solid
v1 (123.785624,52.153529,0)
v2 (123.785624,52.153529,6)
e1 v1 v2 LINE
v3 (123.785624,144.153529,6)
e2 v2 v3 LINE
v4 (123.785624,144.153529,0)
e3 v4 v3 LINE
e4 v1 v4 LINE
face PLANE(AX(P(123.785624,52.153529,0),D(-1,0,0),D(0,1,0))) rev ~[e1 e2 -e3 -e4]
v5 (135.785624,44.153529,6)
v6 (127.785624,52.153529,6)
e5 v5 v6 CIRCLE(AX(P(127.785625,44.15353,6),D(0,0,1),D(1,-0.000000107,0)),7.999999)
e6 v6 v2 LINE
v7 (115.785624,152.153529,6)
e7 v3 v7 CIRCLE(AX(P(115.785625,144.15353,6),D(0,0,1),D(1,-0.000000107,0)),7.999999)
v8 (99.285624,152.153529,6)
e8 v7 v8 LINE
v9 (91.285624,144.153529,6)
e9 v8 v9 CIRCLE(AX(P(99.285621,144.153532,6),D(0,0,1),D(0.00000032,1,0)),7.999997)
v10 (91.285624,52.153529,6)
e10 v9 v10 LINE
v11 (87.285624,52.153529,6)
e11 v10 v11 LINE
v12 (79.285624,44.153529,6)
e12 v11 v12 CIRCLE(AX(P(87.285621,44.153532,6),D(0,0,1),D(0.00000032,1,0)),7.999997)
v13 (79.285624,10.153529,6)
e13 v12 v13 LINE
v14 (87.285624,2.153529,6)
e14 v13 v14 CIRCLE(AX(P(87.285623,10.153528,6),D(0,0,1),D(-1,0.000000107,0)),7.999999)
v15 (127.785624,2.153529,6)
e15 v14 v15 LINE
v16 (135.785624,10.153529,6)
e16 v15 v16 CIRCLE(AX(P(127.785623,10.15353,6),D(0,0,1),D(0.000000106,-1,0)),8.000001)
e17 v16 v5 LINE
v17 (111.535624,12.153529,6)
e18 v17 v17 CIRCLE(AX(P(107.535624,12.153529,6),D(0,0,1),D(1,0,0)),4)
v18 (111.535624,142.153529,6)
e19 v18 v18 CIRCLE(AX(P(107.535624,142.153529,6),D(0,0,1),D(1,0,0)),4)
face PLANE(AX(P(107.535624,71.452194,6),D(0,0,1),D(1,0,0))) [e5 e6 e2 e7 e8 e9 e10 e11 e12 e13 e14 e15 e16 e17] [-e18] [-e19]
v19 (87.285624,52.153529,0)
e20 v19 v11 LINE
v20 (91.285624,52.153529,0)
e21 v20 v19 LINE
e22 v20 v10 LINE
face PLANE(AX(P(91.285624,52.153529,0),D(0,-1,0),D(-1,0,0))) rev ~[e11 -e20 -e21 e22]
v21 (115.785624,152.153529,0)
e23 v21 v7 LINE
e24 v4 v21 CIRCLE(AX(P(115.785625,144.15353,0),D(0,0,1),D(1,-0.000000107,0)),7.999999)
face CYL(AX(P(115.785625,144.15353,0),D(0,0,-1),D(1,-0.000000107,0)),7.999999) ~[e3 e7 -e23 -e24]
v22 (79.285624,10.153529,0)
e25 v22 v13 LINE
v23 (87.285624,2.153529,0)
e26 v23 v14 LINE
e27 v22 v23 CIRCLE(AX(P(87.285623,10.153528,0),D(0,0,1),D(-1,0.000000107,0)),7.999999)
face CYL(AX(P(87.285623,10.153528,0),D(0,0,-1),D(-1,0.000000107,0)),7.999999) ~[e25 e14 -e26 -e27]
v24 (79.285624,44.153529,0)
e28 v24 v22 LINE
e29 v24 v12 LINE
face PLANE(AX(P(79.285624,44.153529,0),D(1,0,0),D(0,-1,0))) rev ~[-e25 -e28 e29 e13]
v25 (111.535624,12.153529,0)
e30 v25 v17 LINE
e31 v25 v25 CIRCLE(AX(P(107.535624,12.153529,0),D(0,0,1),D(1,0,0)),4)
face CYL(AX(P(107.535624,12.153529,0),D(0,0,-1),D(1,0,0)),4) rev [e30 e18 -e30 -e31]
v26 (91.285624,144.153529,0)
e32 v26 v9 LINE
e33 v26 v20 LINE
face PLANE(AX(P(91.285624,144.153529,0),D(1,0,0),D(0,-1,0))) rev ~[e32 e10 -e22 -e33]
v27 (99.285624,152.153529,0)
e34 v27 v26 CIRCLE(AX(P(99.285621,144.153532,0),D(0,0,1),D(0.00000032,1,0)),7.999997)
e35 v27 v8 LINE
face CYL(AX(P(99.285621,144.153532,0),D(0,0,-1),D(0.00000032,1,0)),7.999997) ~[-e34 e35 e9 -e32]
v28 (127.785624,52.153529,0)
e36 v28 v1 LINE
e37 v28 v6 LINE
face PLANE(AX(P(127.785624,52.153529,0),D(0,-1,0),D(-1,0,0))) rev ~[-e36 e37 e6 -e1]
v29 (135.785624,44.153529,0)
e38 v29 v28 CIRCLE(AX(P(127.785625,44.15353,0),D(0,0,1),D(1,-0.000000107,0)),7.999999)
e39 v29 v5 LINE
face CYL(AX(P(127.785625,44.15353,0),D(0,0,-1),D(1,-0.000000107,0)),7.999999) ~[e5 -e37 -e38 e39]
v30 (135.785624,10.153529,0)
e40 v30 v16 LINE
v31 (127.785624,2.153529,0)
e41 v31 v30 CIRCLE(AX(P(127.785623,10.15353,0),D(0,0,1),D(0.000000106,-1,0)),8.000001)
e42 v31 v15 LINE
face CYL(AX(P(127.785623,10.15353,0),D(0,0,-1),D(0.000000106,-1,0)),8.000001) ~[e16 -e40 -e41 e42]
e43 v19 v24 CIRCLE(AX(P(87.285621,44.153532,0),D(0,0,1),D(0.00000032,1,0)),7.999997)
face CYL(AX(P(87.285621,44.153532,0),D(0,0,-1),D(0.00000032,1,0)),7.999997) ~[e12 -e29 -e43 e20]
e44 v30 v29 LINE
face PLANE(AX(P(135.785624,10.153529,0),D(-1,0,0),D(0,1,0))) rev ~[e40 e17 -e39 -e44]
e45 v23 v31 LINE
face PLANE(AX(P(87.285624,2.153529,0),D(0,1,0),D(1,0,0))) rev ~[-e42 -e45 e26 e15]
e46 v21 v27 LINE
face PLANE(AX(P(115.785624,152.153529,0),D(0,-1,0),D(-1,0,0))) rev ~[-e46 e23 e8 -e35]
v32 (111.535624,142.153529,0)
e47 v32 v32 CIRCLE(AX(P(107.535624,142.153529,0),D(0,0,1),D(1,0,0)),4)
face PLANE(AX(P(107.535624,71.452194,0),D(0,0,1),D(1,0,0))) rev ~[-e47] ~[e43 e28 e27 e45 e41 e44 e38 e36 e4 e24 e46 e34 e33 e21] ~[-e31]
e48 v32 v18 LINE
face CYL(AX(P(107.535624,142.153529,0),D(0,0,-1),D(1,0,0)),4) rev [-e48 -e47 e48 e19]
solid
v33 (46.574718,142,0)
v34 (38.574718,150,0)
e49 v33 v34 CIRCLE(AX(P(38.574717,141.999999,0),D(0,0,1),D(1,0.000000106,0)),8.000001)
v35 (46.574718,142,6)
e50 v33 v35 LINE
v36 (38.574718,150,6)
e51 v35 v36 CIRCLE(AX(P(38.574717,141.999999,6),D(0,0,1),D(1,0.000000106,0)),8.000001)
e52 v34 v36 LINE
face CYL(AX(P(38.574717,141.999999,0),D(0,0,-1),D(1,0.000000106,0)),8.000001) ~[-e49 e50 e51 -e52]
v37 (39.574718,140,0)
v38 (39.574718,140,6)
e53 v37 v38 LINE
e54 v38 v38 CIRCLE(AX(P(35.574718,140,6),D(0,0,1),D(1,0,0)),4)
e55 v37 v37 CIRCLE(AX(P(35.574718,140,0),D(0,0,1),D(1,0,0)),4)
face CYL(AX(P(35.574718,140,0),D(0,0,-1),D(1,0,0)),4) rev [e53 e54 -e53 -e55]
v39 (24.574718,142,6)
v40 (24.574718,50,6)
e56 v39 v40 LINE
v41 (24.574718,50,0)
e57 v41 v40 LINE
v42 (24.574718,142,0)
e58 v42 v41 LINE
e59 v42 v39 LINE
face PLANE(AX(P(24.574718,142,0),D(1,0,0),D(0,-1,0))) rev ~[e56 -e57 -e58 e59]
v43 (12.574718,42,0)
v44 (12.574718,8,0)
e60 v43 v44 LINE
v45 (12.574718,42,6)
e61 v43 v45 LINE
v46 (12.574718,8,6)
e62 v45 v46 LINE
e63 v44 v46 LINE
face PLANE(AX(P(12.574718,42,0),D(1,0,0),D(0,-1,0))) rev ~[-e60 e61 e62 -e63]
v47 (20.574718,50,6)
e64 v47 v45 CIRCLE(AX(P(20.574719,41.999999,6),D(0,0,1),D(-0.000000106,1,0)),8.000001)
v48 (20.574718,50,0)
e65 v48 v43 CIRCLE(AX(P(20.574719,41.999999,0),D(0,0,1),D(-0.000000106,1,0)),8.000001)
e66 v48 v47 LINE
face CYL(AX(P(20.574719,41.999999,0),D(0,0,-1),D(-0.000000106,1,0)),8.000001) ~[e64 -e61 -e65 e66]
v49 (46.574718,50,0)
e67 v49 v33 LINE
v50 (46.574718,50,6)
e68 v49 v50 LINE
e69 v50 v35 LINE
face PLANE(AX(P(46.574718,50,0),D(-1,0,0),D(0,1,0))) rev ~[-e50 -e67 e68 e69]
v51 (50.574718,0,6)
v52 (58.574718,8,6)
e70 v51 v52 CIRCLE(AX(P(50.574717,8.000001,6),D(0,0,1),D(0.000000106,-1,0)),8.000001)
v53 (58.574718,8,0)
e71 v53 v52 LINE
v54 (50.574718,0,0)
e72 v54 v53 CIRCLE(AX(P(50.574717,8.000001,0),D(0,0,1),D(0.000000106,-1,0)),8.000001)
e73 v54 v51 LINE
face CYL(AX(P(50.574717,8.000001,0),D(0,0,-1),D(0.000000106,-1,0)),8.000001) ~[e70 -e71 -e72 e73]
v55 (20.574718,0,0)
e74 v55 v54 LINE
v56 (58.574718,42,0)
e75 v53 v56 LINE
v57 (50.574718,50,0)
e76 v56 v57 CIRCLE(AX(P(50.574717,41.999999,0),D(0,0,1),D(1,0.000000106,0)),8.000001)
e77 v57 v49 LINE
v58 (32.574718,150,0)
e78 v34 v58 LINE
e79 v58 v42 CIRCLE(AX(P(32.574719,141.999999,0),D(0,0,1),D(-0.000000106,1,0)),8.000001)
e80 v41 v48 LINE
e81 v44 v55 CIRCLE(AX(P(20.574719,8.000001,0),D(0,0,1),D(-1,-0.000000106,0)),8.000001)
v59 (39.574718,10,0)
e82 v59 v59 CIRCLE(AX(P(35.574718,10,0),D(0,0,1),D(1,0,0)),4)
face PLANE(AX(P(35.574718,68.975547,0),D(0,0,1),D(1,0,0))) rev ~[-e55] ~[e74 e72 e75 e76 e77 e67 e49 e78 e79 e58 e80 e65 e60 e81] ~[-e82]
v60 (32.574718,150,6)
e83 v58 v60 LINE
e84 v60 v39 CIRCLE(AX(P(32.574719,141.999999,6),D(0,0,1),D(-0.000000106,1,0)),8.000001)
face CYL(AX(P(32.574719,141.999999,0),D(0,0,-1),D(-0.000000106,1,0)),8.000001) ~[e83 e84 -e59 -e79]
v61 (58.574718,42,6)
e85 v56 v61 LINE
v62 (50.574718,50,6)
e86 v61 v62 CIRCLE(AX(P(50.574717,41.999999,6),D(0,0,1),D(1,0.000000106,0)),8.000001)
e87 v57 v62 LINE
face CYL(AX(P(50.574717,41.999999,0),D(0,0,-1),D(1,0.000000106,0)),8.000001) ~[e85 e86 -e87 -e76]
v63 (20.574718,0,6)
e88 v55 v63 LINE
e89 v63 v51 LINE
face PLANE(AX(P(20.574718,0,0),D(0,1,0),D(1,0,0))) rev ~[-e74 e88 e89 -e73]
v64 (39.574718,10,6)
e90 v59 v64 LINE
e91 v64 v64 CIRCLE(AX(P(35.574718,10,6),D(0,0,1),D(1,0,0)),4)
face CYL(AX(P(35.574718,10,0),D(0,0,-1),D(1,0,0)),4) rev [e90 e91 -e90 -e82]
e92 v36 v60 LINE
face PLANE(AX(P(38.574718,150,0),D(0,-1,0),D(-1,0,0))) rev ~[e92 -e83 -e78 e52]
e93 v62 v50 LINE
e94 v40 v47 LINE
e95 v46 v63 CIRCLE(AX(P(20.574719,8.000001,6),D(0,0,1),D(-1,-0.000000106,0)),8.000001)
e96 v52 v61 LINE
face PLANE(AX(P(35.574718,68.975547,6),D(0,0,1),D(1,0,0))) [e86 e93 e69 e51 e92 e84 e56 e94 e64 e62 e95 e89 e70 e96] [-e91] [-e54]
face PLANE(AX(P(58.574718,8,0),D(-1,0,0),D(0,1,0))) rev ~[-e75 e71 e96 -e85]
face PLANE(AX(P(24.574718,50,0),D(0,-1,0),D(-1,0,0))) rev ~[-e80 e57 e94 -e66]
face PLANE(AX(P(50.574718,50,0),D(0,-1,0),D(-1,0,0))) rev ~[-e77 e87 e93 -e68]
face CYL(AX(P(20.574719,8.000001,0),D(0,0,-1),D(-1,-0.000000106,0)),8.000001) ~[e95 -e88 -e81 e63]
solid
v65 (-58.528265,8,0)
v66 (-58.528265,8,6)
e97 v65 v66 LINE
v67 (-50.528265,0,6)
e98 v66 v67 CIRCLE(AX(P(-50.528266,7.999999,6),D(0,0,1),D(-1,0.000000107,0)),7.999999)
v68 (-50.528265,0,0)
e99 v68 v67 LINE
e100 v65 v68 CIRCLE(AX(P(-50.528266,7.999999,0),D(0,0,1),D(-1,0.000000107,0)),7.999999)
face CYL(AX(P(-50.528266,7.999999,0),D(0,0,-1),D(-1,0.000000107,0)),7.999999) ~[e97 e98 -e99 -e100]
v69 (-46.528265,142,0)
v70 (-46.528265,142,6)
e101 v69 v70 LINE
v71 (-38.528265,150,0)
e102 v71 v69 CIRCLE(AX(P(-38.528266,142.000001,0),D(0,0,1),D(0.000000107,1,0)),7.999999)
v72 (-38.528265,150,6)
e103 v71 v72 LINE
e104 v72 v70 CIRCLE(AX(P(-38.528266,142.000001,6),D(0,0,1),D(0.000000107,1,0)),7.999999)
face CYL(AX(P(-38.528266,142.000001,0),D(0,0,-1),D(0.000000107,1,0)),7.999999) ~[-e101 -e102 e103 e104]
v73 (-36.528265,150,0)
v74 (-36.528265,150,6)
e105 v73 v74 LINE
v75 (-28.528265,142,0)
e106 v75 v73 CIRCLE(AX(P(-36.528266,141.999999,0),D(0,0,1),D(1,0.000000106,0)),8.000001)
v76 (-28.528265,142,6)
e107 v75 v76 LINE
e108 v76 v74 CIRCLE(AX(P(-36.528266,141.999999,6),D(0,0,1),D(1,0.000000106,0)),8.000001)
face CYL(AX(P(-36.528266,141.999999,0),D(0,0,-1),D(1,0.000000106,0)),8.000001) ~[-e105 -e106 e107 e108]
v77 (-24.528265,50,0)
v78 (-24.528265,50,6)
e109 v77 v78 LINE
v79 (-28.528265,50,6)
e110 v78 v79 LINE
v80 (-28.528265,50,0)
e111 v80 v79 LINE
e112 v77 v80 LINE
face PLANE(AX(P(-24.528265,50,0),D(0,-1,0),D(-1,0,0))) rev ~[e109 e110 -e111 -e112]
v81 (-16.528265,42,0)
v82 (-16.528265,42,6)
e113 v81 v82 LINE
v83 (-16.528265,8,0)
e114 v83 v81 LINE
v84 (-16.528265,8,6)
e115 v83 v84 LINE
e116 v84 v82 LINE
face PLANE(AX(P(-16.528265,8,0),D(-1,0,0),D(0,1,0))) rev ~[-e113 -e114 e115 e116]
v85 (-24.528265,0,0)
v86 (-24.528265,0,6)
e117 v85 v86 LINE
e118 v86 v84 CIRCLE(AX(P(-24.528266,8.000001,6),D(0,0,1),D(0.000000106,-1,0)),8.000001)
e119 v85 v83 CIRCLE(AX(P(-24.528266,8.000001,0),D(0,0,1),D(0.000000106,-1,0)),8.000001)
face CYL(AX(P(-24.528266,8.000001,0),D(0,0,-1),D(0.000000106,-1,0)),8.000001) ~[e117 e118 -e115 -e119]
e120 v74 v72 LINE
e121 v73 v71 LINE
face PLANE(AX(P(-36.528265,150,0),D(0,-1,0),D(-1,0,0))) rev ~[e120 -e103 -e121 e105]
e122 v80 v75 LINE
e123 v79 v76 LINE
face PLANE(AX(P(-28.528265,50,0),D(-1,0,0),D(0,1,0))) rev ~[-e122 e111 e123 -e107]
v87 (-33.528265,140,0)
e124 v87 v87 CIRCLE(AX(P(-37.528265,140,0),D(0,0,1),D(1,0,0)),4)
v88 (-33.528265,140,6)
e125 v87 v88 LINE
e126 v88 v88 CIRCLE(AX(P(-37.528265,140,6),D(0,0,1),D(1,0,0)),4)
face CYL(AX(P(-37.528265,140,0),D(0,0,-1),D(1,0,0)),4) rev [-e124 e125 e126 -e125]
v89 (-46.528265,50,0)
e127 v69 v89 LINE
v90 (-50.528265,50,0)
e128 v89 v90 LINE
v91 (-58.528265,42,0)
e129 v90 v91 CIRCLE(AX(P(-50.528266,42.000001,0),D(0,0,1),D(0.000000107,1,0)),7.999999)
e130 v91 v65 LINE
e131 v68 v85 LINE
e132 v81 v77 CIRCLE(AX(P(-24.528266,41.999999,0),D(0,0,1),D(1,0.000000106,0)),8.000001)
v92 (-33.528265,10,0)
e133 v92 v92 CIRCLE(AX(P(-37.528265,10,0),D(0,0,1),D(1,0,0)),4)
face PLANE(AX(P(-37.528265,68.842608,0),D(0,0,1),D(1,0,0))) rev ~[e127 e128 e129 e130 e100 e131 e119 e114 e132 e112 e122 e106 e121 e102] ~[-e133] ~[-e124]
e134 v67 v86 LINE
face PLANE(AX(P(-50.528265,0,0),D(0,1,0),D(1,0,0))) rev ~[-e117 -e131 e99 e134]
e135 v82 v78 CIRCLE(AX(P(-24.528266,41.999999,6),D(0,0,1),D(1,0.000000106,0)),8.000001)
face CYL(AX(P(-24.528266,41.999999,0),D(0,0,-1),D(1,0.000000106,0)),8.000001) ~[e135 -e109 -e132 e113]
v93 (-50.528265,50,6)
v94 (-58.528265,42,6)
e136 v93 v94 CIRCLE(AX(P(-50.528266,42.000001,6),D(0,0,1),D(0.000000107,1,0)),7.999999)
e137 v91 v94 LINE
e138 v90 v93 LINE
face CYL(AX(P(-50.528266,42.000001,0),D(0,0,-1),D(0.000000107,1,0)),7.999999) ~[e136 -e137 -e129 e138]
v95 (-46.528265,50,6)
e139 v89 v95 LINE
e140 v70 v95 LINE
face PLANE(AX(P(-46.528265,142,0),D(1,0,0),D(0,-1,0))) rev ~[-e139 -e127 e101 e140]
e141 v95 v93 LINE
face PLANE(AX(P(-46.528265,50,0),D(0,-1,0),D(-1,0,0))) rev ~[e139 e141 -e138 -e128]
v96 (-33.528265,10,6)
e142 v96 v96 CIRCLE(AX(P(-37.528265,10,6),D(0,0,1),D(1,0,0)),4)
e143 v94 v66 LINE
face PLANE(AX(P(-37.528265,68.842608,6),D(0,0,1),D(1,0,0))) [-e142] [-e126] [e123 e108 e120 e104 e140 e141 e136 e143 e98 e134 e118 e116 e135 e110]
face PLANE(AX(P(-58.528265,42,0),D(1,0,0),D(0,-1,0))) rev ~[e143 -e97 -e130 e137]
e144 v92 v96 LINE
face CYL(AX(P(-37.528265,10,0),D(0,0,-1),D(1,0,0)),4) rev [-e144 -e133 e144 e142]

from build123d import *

# Parameters (mm, degrees)
F0_R     = 4
F1_DEPTH = 6
F2_R     = 4
F3_DEPTH = 6
F4_R     = 4
F5_DEPTH = 6


with BuildPart() as f1:
    # F0 (on Top) → F1 (new body)
    with BuildSketch(Plane.XY):
        with BuildLine():
            Line((-36.528265, 150), (-38.528265, 150))
            ThreePointArc((-38.528265, 150), (-44.18512, 147.656854), (-46.528265, 142))
            Line((-46.528265, 142), (-46.528265, 50))
            Line((-46.528265, 50), (-50.528265, 50))
            ThreePointArc((-50.528265, 50), (-56.18512, 47.656854), (-58.528265, 42))
            Line((-58.528265, 42), (-58.528265, 8))
            ThreePointArc((-58.528265, 8), (-56.18512, 2.343146), (-50.528265, 0))
            Line((-50.528265, 0), (-24.528265, 0))
            ThreePointArc((-24.528265, 0), (-18.871411, 2.343146), (-16.528265, 8))
            Line((-16.528265, 8), (-16.528265, 42))
            ThreePointArc((-16.528265, 42), (-18.871411, 47.656854), (-24.528265, 50))
            Line((-24.528265, 50), (-28.528265, 50))
            Line((-28.528265, 50), (-28.528265, 142))
            ThreePointArc((-28.528265, 142), (-30.871411, 147.656854), (-36.528265, 150))
        make_face()
        with Locations((-37.528265, 10)):
            Circle(F0_R, mode=Mode.SUBTRACT)
        with Locations((-37.528265, 140)):
            Circle(F0_R, mode=Mode.SUBTRACT)
    extrude(amount=F1_DEPTH)


with BuildPart() as f3:
    # F2 (on Top) → F3 (new body)
    with BuildSketch(Plane.XY):
        with BuildLine():
            Line((38.574718, 150), (32.574718, 150))
            ThreePointArc((32.574718, 150), (26.917864, 147.656854), (24.574718, 142))
            Line((24.574718, 142), (24.574718, 50))
            Line((24.574718, 50), (20.574718, 50))
            ThreePointArc((20.574718, 50), (14.917864, 47.656854), (12.574718, 42))
            Line((12.574718, 42), (12.574718, 8))
            ThreePointArc((12.574718, 8), (14.917864, 2.343146), (20.574718, 0))
            Line((20.574718, 0), (50.574718, 0))
            ThreePointArc((50.574718, 0), (56.231572, 2.343146), (58.574718, 8))
            Line((58.574718, 8), (58.574718, 42))
            ThreePointArc((58.574718, 42), (56.231572, 47.656854), (50.574718, 50))
            Line((50.574718, 50), (46.574718, 50))
            Line((46.574718, 50), (46.574718, 142))
            ThreePointArc((46.574718, 142), (44.231572, 147.656854), (38.574718, 150))
        make_face()
        with Locations((35.574718, 10)):
            Circle(F2_R, mode=Mode.SUBTRACT)
        with Locations((35.574718, 140)):
            Circle(F2_R, mode=Mode.SUBTRACT)
    extrude(amount=F3_DEPTH)


with BuildPart() as f5:
    # F4 (on Top) → F5 (new body)
    with BuildSketch(Plane.XY):
        with BuildLine():
            Line((115.785624, 152.153529), (99.285624, 152.153529))
            ThreePointArc((99.285624, 152.153529), (93.628769, 149.810384), (91.285624, 144.153529))
            Line((91.285624, 144.153529), (91.285624, 52.153529))
            Line((91.285624, 52.153529), (87.285624, 52.153529))
            ThreePointArc((87.285624, 52.153529), (81.628769, 49.810384), (79.285624, 44.153529))
            Line((79.285624, 44.153529), (79.285624, 10.153529))
            ThreePointArc((79.285624, 10.153529), (81.628769, 4.496675), (87.285624, 2.153529))
            Line((87.285624, 2.153529), (127.785624, 2.153529))
            ThreePointArc((127.785624, 2.153529), (133.442478, 4.496675), (135.785624, 10.153529))
            Line((135.785624, 10.153529), (135.785624, 44.153529))
            ThreePointArc((135.785624, 44.153529), (133.442478, 49.810384), (127.785624, 52.153529))
            Line((127.785624, 52.153529), (123.785624, 52.153529))
            Line((123.785624, 52.153529), (123.785624, 144.153529))
            ThreePointArc((123.785624, 144.153529), (121.442478, 149.810384), (115.785624, 152.153529))
        make_face()
        with Locations((107.535624, 12.153529)):
            Circle(F4_R, mode=Mode.SUBTRACT)
        with Locations((107.535624, 142.153529)):
            Circle(F4_R, mode=Mode.SUBTRACT)
    extrude(amount=F5_DEPTH)


solid = Compound([f1.part, f3.part, f5.part])
